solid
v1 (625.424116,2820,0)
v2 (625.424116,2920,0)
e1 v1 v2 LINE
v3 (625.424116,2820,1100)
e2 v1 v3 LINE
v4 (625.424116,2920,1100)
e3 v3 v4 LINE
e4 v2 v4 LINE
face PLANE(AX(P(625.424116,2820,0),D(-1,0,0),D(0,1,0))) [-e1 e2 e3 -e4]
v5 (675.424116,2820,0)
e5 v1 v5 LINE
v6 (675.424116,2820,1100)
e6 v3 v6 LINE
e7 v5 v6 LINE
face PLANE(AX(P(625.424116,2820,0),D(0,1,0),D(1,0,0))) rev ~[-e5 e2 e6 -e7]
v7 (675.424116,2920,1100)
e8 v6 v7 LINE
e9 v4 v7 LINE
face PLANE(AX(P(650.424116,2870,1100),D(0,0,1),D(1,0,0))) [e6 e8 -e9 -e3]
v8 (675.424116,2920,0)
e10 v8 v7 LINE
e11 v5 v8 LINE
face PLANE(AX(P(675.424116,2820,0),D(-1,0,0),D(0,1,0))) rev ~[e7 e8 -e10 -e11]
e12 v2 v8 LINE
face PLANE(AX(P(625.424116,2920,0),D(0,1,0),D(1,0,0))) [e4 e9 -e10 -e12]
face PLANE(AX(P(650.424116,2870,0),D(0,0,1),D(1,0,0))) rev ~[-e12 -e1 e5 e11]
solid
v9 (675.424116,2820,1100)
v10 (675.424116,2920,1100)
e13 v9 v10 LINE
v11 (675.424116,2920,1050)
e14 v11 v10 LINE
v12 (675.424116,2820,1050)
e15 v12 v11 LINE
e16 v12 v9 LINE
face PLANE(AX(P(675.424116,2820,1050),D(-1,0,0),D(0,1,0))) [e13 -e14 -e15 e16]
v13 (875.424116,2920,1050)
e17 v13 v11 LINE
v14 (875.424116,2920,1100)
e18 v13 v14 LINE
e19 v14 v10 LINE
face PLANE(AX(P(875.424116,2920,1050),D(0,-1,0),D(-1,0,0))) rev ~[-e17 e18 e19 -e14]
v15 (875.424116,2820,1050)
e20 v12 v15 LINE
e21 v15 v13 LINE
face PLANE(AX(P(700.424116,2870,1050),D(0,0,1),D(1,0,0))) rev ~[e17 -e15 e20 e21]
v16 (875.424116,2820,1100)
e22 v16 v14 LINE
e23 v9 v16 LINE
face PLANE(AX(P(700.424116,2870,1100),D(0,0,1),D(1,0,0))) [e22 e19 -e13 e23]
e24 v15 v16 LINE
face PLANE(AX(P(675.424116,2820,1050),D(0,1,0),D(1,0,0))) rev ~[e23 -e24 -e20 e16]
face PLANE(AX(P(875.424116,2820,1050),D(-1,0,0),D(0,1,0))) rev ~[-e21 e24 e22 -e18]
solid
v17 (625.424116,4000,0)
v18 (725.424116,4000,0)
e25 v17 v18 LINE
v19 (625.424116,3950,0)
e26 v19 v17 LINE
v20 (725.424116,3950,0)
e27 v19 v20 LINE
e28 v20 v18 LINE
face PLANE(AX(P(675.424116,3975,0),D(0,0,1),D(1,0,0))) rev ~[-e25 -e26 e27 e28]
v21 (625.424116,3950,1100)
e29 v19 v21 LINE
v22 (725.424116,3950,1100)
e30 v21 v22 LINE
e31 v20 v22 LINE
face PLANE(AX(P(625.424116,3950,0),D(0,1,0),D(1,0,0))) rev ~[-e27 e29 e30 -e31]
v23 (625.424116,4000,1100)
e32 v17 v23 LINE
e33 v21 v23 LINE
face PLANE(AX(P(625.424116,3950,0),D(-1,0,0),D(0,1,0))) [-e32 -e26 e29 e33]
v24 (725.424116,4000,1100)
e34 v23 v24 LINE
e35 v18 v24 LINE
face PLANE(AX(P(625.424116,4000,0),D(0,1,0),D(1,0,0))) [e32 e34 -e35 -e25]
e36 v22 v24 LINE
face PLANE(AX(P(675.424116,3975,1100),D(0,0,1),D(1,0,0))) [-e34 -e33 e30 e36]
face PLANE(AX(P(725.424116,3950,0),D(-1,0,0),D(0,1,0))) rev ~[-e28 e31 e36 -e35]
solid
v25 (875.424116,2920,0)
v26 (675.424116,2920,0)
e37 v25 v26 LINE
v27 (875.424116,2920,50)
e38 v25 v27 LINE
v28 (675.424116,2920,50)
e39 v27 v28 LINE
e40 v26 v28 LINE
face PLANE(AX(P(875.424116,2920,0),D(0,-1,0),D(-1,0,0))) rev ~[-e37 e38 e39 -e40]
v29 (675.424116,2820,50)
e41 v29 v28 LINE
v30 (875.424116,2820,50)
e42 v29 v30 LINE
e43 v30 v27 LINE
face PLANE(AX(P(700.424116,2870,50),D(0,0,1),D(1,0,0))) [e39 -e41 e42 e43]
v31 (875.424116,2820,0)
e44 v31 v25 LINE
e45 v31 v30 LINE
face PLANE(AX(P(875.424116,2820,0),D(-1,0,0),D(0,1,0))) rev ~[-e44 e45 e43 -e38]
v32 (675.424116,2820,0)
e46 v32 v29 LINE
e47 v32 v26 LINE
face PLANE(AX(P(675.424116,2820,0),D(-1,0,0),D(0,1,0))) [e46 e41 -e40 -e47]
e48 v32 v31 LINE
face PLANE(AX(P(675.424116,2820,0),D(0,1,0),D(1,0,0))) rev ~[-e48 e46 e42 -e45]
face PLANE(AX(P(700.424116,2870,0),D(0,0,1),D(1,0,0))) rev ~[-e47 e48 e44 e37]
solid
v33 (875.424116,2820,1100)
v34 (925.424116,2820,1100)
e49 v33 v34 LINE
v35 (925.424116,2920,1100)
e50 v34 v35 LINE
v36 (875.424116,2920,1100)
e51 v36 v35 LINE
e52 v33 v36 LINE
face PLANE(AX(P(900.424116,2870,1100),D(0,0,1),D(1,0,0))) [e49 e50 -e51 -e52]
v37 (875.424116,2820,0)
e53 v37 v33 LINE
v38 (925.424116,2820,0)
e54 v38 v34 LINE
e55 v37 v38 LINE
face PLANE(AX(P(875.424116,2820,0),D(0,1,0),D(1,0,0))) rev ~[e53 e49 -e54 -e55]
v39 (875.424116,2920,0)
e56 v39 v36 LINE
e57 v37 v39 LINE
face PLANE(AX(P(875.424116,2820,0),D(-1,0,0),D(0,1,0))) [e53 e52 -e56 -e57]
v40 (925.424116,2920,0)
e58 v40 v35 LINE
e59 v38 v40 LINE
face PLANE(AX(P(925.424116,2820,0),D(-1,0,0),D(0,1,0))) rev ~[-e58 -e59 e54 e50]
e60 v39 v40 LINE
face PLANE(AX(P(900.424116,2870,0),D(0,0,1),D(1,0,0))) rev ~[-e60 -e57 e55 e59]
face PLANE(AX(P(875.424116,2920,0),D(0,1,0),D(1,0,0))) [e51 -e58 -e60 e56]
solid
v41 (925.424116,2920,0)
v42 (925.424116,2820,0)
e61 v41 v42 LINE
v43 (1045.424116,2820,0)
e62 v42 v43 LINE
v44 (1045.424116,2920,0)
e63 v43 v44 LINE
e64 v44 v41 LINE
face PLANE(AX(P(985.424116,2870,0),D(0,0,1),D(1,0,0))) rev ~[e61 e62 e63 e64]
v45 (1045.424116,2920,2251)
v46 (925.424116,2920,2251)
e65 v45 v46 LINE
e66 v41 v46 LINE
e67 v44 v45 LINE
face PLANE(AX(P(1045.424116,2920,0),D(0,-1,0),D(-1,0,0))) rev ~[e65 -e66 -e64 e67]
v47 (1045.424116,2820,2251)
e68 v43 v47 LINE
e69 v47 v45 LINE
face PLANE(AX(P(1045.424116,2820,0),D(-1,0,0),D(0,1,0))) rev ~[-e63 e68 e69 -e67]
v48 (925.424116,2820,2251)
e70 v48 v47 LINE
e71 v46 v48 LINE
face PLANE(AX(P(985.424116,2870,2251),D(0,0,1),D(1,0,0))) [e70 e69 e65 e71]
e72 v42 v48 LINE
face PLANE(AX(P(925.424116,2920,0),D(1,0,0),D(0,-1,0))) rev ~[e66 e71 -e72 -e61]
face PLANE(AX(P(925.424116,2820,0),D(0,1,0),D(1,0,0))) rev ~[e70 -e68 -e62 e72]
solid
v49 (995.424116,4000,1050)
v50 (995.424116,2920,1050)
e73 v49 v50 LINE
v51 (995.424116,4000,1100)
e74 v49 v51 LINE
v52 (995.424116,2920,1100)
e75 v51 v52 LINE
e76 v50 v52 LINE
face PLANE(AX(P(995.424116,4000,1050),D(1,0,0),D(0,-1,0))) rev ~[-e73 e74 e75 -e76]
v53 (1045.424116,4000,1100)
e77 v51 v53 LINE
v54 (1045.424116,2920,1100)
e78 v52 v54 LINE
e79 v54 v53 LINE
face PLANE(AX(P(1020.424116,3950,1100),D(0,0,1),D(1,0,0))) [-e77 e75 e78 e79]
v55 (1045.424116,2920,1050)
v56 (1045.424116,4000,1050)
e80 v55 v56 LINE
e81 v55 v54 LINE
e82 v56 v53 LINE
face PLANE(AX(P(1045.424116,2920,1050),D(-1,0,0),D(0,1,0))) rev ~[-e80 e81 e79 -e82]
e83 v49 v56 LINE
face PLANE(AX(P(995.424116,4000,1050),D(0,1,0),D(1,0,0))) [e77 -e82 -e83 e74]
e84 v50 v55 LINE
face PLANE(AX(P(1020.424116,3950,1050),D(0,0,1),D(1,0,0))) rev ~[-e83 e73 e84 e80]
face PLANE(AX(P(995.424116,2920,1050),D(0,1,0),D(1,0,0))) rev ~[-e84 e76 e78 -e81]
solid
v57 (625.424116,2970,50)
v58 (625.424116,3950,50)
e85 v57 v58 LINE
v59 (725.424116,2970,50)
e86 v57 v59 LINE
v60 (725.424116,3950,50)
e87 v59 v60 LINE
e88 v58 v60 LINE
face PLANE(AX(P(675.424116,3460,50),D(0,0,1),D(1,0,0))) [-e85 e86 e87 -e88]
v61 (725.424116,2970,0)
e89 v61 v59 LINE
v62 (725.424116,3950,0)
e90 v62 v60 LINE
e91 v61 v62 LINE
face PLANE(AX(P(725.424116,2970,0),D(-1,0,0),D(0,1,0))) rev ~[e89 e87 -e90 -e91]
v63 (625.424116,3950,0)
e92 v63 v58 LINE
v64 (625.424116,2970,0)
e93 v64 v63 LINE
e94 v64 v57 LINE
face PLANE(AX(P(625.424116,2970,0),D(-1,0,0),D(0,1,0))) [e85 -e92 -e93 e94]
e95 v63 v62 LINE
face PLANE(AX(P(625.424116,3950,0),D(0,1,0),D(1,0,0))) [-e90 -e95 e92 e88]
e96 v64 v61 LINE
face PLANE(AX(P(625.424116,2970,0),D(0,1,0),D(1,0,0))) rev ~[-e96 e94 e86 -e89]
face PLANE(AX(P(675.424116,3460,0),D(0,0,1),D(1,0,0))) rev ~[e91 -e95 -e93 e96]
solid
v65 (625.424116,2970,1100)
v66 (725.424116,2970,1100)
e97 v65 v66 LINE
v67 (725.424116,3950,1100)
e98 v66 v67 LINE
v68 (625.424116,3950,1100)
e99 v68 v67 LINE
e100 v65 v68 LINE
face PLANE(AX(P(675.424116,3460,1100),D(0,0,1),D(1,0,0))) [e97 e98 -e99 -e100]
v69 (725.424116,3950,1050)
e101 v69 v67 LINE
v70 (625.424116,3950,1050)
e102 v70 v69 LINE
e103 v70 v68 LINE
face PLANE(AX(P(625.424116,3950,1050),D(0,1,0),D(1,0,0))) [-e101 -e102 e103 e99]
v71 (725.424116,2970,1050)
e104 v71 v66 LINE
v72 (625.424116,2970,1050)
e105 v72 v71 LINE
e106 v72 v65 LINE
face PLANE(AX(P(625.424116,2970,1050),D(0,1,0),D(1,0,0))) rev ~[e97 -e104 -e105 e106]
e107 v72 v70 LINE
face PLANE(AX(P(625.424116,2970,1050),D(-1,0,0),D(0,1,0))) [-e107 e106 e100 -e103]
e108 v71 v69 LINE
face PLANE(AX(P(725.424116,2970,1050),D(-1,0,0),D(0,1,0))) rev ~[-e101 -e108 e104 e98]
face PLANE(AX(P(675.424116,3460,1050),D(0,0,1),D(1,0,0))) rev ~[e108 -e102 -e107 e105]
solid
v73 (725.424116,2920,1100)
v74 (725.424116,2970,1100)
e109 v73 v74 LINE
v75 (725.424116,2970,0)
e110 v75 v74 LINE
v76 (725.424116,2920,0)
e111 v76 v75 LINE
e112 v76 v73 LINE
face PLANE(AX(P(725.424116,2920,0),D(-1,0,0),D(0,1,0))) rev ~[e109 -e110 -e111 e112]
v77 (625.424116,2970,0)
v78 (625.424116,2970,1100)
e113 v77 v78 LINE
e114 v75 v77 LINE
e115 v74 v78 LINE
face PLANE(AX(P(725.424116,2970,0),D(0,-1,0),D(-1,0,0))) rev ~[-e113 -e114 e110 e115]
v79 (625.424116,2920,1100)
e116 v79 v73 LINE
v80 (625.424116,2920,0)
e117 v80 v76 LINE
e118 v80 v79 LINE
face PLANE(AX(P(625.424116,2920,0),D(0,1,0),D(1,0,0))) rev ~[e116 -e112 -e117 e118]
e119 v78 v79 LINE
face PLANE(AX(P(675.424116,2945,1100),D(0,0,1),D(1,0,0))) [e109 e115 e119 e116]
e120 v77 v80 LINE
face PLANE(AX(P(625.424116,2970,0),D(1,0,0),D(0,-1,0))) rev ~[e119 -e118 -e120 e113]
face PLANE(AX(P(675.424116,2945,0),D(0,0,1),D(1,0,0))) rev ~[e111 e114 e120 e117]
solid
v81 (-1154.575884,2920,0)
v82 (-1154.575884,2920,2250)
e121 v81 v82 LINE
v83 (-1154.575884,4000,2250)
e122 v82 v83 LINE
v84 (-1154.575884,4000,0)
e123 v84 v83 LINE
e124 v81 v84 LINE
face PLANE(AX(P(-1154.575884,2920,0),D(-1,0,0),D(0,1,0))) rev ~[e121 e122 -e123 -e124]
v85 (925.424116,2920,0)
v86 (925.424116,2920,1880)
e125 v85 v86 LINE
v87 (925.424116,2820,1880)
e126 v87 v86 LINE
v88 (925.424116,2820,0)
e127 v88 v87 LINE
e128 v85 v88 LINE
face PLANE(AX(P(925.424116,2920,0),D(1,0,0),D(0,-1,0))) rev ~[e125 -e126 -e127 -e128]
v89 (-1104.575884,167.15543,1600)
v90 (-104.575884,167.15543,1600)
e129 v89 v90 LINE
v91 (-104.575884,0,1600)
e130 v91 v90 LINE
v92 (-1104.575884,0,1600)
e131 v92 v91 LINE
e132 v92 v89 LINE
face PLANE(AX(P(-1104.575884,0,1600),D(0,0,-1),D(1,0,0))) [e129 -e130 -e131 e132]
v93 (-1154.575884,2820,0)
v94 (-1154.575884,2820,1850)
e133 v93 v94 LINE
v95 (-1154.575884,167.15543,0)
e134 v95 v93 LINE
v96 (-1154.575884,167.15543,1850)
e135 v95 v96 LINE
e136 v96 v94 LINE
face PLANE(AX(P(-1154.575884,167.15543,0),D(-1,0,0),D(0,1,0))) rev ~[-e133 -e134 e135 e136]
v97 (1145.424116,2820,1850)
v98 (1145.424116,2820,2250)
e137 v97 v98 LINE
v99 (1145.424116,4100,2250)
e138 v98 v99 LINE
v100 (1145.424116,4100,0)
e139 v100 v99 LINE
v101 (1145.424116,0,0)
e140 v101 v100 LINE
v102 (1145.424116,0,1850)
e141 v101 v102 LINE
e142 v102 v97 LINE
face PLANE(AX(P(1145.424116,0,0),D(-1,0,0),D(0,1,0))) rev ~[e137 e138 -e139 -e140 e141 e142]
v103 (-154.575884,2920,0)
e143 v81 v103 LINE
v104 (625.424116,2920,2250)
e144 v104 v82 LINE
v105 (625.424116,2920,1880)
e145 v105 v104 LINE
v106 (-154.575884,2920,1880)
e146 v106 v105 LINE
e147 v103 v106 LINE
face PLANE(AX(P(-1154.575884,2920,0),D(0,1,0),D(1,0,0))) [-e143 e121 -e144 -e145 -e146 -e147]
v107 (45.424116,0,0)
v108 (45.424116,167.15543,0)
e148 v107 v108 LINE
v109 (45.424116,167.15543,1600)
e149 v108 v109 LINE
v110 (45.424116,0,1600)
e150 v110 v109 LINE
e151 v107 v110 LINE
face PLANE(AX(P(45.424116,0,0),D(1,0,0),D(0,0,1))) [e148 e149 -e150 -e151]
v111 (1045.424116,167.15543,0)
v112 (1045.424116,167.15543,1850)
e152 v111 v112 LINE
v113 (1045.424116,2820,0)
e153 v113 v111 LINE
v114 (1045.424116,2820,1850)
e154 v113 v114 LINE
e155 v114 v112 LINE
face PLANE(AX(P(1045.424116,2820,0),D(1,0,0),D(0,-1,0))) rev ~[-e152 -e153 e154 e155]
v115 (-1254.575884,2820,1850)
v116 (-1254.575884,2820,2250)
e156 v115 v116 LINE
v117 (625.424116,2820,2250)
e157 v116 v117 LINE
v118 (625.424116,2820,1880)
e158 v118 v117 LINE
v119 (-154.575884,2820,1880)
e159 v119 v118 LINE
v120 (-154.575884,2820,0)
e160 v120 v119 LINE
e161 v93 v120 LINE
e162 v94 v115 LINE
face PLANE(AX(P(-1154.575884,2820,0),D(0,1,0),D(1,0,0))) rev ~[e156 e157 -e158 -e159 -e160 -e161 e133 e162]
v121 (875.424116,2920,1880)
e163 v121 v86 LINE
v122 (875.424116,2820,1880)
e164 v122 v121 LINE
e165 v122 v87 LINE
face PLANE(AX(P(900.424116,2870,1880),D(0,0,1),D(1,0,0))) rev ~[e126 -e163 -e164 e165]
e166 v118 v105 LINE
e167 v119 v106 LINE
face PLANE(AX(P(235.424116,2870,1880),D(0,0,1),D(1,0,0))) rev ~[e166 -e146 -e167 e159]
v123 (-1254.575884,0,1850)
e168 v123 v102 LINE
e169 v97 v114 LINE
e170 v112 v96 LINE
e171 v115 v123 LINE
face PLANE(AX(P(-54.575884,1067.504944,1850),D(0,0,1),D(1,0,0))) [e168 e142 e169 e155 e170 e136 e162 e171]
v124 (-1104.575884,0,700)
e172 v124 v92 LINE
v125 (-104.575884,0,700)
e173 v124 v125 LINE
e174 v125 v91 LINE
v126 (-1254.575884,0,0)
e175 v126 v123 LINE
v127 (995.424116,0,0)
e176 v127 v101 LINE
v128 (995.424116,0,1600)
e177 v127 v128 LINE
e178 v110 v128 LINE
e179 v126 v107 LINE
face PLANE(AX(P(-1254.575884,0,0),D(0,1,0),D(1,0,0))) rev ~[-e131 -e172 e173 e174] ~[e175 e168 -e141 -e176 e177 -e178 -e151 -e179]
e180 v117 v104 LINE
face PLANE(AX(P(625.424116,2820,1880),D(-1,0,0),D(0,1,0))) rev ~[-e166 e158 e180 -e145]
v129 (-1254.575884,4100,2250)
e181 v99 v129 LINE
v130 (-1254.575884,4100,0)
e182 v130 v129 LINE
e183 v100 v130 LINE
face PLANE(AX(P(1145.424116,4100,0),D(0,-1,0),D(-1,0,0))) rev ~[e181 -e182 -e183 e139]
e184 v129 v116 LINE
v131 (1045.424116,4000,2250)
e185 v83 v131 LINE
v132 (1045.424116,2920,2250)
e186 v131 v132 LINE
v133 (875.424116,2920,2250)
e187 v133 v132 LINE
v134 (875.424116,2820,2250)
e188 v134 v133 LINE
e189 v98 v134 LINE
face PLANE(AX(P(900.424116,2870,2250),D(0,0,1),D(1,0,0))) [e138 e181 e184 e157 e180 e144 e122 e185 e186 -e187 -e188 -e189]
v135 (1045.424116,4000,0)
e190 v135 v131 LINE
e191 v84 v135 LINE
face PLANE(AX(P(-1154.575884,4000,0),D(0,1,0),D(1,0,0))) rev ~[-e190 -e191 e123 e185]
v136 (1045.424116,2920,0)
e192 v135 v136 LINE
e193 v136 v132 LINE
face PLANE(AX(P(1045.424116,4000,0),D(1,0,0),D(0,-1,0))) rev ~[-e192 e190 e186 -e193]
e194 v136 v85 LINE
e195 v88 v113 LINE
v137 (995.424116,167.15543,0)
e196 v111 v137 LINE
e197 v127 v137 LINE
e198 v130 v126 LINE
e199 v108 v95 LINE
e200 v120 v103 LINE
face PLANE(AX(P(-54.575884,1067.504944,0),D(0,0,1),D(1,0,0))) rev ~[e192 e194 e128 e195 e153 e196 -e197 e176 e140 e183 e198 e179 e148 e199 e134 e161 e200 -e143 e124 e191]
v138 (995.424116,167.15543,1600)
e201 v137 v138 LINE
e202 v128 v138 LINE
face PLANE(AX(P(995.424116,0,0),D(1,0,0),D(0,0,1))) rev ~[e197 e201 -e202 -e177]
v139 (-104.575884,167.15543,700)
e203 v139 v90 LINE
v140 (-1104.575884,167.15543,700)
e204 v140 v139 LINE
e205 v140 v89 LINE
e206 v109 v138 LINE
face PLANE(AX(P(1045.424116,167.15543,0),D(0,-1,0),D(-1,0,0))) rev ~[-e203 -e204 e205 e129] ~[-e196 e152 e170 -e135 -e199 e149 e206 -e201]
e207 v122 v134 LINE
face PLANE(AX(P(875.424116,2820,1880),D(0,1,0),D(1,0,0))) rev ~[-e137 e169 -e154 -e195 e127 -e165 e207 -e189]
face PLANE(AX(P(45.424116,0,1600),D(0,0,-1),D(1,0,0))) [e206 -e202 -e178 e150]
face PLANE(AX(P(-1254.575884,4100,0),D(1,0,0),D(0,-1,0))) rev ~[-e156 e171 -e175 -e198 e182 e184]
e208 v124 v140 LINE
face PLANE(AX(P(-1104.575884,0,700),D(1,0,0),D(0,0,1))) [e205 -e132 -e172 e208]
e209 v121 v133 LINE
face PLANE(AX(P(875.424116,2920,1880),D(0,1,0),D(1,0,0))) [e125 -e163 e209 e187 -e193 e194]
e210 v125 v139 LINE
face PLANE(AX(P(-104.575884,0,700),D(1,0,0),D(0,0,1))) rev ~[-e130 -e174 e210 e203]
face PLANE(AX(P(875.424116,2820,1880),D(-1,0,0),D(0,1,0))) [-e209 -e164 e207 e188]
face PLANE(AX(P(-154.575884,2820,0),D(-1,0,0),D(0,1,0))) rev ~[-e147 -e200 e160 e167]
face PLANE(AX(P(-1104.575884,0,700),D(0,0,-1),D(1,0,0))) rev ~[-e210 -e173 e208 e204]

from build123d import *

# Parameters (mm, degrees)
F0_W      = 1000
F0_H      = 100
F1_DEPTH  = 2250
F2_START  = 1880
F0_W_2    = 50
F0_W_3    = 780
F2_DEPTH  = 370
F3_START  = 1850
F3_DEPTH  = 400
F4_W      = 1000
F4_H      = 900
F4_W_2    = 950
F4_H_2    = 1600
F5_DEPTH  = 167.155430442
F0_W_4    = 150
F6_DEPTH  = 50
F7_DEPTH  = 2251
F0_W_5    = 100
F0_H_2    = 50
F8_DEPTH  = 1100
F0_H_3    = 980
F9_DEPTH  = 50
F10_START = 1050
F10_DEPTH = 50
F11_START = 1050
F11_DEPTH = 50
F12_START = 1050
F12_DEPTH = 50
F13_DEPTH = 1100
F14_DEPTH = 1100


with BuildPart() as f1:
    # F0 (on Top) → F1 (new body)
    with BuildSketch(Plane.XY):
        Polygon((-1154.5758843422, 167.155430442), (-1154.5758843422, 2820), (-1254.5758843422, 2820), (-1254.5758843422, 0), (1145.4241156578, 0), (1145.4241156578, 2820), (1045.4241156578, 2820), (1045.4241156578, 167.155430442), align=None)
        Polygon((-1154.5758843422, 2920), (-1154.5758843422, 4000), (625.4241156578, 4000), (725.4241156578, 4000), (727.4350166321, 4000), (995.4241156578, 4000), (1045.4241156578, 4000), (1045.4241156578, 3900), (1045.4241156578, 2920), (1045.4241156578, 2820), (1145.4241156578, 2820), (1145.4241156578, 4100), (-1254.5758843422, 4100), (-1254.5758843422, 2820), (-1154.5758843422, 2820), align=None)
        with Locations((-654.5758843422, 2870)):
            Rectangle(F0_W, F0_H)
        Polygon((925.4241156578, 2820), (1045.4241156578, 2820), (1045.4241156578, 2920), (995.4241156578, 2920), (925.4241156578, 2920), align=None)
    extrude(amount=F1_DEPTH)

    # F0 (on Top) → F2 (join)
    with BuildSketch(Plane.XY.offset(F2_START)):
        with Locations((900.4241156578, 2870)):
            Rectangle(F0_W_2, F0_H)
        with Locations((235.4241156578, 2870)):
            Rectangle(F0_W_3, F0_H)
    extrude(amount=F2_DEPTH)

    # F0 (on Top) → F3 (cut)
    with BuildSketch(Plane.XY.offset(F3_START)):
        Polygon((-1154.5758843422, 167.155430442), (-1154.5758843422, 2820), (-1254.5758843422, 2820), (-1254.5758843422, 0), (1145.4241156578, 0), (1145.4241156578, 2820), (1045.4241156578, 2820), (1045.4241156578, 167.155430442), align=None)
    extrude(amount=F3_DEPTH, mode=Mode.SUBTRACT)

    # F4 (on face) → F5 (cut, through all)
    with BuildSketch(Plane.XZ):
        with Locations((-604.5758843422, 1150)):
            Rectangle(F4_W, F4_H)
        with Locations((520.4241156578, 800)):
            Rectangle(F4_W_2, F4_H_2)
    extrude(amount=-F5_DEPTH, mode=Mode.SUBTRACT)


with BuildPart() as f6:
    # F0 (on Top) → F6 (new body)
    with BuildSketch(Plane.XY):
        with Locations((700.4241156578, 2870)):
            Rectangle(F0_W_2, F0_H)
        with Locations((800.4241156578, 2870)):
            Rectangle(F0_W_4, F0_H)
    extrude(amount=F6_DEPTH)


with BuildPart() as f7:
    # F0 (on Top) → F7 (new body)
    with BuildSketch(Plane.XY):
        Polygon((925.4241156578, 2820), (1045.4241156578, 2820), (1045.4241156578, 2920), (995.4241156578, 2920), (925.4241156578, 2920), align=None)
    extrude(amount=F7_DEPTH)


with BuildPart() as f8:
    # F0 (on Top) → F8 (new body)
    with BuildSketch(Plane.XY):
        with Locations((675.4241156578, 3975)):
            Rectangle(F0_W_5, F0_H_2)
    extrude(amount=F8_DEPTH)


with BuildPart() as f9:
    # F0 (on Top) → F9 (new body)
    with BuildSketch(Plane.XY):
        with Locations((675.4241156578, 3460)):
            Rectangle(F0_W_5, F0_H_3)
    extrude(amount=F9_DEPTH)


with BuildPart() as f10:
    # F0 (on Top) → F10 (new body)
    with BuildSketch(Plane.XY.offset(F10_START)):
        with Locations((675.4241156578, 3460)):
            Rectangle(F0_W_5, F0_H_3)
    extrude(amount=F10_DEPTH)


with BuildPart() as f11:
    # F0 (on Top) → F11 (new body)
    with BuildSketch(Plane.XY.offset(F11_START)):
        with Locations((700.4241156578, 2870)):
            Rectangle(F0_W_2, F0_H)
        with Locations((800.4241156578, 2870)):
            Rectangle(F0_W_4, F0_H)
    extrude(amount=F11_DEPTH)


with BuildPart() as f12:
    # F0 (on Top) → F12 (new body)
    with BuildSketch(Plane.XY.offset(F12_START)):
        with Locations((1020.4241156578, 3950)):
            Rectangle(F0_W_2, F0_H)
        with Locations((1020.4241156578, 3410)):
            Rectangle(F0_W_2, F0_H_3)
    extrude(amount=F12_DEPTH)


with BuildPart() as f13:
    # F0 (on Top) → F13 (new body, through all)
    with BuildSketch(Plane.XY):
        with Locations((650.4241156578, 2870)):
            Rectangle(F0_W_2, F0_H)
    extrude(amount=F13_DEPTH)


with BuildPart() as f13b:
    # F0 (on Top) → F13, piece 2 (new body, through all)
    with BuildSketch(Plane.XY):
        with Locations((900.4241156578, 2870)):
            Rectangle(F0_W_2, F0_H)
    extrude(amount=F13_DEPTH)


with BuildPart() as f14:
    # F0 (on Top) → F14 (new body, through all)
    with BuildSketch(Plane.XY):
        Polygon((725.4241156578, 2970), (625.4241156578, 2970), (625.4241156578, 2920), (675.4241156578, 2920), (725.4241156578, 2920), align=None)
    extrude(amount=F14_DEPTH)


solid = Compound([f1.part, f6.part, f7.part, f8.part, f9.part, f10.part, f11.part, f12.part, f13.part, f13b.part, f14.part])
